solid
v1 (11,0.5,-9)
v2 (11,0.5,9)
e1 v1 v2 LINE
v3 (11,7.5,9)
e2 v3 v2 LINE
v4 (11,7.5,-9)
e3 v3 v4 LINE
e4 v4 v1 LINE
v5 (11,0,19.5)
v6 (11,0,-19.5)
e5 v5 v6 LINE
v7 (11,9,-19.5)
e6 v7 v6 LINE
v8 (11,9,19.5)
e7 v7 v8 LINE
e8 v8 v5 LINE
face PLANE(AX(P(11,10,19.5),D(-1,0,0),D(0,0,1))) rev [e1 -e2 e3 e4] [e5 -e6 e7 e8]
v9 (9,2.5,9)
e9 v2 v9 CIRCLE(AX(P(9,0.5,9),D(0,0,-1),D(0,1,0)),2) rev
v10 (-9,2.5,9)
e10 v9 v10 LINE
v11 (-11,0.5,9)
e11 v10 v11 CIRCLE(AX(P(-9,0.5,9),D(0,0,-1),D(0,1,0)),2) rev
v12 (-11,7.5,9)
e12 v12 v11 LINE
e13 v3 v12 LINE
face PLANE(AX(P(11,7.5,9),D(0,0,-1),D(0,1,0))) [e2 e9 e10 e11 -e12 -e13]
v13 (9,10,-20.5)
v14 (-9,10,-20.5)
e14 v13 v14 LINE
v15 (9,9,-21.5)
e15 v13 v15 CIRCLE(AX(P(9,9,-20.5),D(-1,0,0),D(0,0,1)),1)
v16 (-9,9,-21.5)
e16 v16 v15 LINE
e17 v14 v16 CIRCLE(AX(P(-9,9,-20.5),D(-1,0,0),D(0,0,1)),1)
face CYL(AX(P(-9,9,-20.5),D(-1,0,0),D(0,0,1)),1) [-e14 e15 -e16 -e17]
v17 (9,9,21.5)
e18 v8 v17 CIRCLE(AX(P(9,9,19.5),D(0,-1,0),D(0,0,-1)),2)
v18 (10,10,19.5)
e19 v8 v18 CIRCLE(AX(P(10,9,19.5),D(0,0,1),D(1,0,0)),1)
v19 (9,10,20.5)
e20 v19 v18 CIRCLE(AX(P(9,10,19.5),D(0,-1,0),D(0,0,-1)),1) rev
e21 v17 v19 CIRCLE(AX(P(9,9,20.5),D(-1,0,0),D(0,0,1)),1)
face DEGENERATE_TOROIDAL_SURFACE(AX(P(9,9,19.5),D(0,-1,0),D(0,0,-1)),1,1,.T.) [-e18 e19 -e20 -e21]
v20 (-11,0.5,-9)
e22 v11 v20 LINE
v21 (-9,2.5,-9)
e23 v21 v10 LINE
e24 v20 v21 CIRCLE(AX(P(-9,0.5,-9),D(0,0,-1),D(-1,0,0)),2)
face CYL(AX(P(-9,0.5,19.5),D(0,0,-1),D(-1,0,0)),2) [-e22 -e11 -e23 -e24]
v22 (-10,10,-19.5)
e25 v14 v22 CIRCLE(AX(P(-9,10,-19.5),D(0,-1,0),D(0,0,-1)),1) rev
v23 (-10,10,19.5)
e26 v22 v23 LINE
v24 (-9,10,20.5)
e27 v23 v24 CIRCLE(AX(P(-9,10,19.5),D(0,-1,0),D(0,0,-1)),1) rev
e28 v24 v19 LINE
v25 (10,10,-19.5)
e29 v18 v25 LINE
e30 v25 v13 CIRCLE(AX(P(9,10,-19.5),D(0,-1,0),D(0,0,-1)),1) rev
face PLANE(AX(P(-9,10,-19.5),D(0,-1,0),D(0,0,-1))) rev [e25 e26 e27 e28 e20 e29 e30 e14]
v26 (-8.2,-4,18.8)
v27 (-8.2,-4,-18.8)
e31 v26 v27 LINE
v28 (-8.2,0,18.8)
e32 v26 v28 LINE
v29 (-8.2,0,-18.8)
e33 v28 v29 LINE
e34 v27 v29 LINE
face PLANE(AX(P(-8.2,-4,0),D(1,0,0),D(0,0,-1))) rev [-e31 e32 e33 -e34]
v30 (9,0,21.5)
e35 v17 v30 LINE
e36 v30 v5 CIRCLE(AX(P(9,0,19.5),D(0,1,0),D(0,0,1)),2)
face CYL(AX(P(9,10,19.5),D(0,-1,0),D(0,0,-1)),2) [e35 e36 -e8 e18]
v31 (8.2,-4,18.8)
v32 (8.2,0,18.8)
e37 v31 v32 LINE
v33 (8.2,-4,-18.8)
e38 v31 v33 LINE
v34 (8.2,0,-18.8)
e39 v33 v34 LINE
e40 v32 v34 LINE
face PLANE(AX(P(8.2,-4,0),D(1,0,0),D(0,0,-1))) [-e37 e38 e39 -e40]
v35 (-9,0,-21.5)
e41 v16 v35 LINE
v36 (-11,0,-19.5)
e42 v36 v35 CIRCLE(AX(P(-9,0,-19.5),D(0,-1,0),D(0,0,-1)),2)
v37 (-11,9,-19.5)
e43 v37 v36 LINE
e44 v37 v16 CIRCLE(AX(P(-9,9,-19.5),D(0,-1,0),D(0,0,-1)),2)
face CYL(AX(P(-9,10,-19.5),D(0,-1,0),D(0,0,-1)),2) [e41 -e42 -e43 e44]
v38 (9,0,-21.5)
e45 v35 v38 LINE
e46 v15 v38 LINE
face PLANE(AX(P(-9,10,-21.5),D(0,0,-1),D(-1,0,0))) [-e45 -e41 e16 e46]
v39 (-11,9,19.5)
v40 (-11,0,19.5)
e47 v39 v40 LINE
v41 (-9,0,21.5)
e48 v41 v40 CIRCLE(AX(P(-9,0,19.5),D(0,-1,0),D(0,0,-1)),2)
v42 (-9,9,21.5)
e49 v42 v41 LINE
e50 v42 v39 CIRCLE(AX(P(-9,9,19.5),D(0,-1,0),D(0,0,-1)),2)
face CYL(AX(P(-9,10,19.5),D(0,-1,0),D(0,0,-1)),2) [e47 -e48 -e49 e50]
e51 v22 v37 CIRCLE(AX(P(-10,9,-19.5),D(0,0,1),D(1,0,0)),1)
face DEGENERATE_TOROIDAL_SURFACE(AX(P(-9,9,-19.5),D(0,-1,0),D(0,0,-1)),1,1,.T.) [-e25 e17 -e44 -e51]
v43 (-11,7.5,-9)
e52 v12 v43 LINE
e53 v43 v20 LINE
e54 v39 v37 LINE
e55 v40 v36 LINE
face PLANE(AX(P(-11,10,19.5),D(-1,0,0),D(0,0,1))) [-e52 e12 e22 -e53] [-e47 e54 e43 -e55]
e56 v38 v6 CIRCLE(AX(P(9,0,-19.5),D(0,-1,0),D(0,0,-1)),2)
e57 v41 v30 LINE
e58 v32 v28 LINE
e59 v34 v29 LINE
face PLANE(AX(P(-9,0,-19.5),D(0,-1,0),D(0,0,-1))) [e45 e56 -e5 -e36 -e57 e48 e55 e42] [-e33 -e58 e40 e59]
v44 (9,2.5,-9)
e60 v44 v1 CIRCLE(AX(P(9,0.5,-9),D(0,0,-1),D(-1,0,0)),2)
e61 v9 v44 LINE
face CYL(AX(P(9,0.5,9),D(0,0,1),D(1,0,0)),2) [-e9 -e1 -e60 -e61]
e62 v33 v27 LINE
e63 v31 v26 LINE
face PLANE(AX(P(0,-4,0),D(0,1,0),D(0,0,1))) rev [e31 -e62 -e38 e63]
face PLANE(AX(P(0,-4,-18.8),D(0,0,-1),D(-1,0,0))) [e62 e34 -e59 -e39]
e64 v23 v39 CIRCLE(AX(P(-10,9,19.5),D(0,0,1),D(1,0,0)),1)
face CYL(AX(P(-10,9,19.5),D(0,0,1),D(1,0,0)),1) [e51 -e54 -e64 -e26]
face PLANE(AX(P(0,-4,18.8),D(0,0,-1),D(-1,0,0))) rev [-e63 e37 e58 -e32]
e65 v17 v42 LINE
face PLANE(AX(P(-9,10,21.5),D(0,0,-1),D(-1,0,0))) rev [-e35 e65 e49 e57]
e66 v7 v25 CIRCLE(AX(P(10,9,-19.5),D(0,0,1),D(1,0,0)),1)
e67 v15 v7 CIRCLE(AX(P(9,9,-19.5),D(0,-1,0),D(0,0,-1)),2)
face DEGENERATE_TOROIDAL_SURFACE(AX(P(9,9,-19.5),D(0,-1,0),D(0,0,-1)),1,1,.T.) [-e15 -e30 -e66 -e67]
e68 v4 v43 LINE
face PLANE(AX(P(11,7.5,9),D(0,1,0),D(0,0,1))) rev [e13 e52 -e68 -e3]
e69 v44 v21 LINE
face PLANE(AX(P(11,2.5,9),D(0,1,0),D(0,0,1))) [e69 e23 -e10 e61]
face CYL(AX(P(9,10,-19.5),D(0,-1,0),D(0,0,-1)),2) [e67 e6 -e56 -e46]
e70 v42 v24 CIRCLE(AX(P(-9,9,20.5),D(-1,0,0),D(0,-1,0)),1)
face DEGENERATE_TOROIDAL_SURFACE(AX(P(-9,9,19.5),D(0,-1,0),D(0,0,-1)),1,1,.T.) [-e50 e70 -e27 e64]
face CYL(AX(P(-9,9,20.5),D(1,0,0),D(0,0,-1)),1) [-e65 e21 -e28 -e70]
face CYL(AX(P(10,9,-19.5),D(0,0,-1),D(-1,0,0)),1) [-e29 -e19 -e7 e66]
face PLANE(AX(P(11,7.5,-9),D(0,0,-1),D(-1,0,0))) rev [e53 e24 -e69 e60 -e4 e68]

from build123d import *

# Parameters (mm, degrees)
BOSS_EXTRUDE1_DEPTH = 10
SKETCH1_4_W         = 16.4
SKETCH1_4_H         = 37.6
BOSS_EXTRUDE2_DEPTH = 4
SKETCH3_W           = 18
SKETCH3_H           = 5
CUT_EXTRUDE2_DEPTH  = 41.099875312
FILLET1_R           = 2
FILLET2_R           = 1


with BuildPart() as part:
    # Sketch1 → Boss-Extrude1 (new body)
    with BuildSketch(Plane(origin=(0, 0, 0), x_dir=(1, 0, 0), z_dir=(0, 1, 0))):
        with BuildLine():
            Line((-9, -21.5), (9, -21.5))
            ThreePointArc((9, -21.5), (10.414213562, -20.914213562), (11, -19.5))
            Line((11, -19.5), (11, 19.5))
            ThreePointArc((11, 19.5), (10.414213562, 20.914213562), (9, 21.5))
            Line((9, 21.5), (-9, 21.5))
            ThreePointArc((-9, 21.5), (-10.414213562, 20.914213562), (-11, 19.5))
            Line((-11, 19.5), (-11, -19.5))
            ThreePointArc((-11, -19.5), (-10.414213562, -20.914213562), (-9, -21.5))
        make_face()
    extrude(amount=BOSS_EXTRUDE1_DEPTH)

    # Sketch1<4> → Boss-Extrude2 (add)
    with BuildSketch(Plane(origin=(0, 0, 0), x_dir=(1, 0, 0), z_dir=(0, 1, 0))):
        Rectangle(SKETCH1_4_W, SKETCH1_4_H)
    extrude(amount=-BOSS_EXTRUDE2_DEPTH)

    # Sketch3 → Cut-Extrude2 (cut, through all)
    with BuildSketch(Plane(origin=(-11, 0, 10.5), x_dir=(0, 0, -1), z_dir=(1, 0, 0))):
        with Locations((10.5, 5)):
            Rectangle(SKETCH3_W, SKETCH3_H)
    extrude(amount=CUT_EXTRUDE2_DEPTH, mode=Mode.SUBTRACT)

    # Fillet1
    fillet1_edges = [part.edges().sort_by_distance(p)[0] for p in [
        (-11, 2.5, 0),
        (11, 2.5, 0),
    ]]
    fillet(fillet1_edges, radius=FILLET1_R)

    # Fillet2
    fillet2_edges = [part.edges().sort_by_distance(p)[0] for p in [
        (10.414213562, 10, -20.914213562),
        (11, 10, 0),
        (10.414213562, 10, 20.914213562),
        (0, 10, 21.5),
        (-10.414213562, 10, 20.914213562),
        (-11, 10, 0),
        (-10.414213562, 10, -20.914213562),
        (0, 10, -21.5),
    ]]
    fillet(fillet2_edges, radius=FILLET2_R)


solid = part.part
